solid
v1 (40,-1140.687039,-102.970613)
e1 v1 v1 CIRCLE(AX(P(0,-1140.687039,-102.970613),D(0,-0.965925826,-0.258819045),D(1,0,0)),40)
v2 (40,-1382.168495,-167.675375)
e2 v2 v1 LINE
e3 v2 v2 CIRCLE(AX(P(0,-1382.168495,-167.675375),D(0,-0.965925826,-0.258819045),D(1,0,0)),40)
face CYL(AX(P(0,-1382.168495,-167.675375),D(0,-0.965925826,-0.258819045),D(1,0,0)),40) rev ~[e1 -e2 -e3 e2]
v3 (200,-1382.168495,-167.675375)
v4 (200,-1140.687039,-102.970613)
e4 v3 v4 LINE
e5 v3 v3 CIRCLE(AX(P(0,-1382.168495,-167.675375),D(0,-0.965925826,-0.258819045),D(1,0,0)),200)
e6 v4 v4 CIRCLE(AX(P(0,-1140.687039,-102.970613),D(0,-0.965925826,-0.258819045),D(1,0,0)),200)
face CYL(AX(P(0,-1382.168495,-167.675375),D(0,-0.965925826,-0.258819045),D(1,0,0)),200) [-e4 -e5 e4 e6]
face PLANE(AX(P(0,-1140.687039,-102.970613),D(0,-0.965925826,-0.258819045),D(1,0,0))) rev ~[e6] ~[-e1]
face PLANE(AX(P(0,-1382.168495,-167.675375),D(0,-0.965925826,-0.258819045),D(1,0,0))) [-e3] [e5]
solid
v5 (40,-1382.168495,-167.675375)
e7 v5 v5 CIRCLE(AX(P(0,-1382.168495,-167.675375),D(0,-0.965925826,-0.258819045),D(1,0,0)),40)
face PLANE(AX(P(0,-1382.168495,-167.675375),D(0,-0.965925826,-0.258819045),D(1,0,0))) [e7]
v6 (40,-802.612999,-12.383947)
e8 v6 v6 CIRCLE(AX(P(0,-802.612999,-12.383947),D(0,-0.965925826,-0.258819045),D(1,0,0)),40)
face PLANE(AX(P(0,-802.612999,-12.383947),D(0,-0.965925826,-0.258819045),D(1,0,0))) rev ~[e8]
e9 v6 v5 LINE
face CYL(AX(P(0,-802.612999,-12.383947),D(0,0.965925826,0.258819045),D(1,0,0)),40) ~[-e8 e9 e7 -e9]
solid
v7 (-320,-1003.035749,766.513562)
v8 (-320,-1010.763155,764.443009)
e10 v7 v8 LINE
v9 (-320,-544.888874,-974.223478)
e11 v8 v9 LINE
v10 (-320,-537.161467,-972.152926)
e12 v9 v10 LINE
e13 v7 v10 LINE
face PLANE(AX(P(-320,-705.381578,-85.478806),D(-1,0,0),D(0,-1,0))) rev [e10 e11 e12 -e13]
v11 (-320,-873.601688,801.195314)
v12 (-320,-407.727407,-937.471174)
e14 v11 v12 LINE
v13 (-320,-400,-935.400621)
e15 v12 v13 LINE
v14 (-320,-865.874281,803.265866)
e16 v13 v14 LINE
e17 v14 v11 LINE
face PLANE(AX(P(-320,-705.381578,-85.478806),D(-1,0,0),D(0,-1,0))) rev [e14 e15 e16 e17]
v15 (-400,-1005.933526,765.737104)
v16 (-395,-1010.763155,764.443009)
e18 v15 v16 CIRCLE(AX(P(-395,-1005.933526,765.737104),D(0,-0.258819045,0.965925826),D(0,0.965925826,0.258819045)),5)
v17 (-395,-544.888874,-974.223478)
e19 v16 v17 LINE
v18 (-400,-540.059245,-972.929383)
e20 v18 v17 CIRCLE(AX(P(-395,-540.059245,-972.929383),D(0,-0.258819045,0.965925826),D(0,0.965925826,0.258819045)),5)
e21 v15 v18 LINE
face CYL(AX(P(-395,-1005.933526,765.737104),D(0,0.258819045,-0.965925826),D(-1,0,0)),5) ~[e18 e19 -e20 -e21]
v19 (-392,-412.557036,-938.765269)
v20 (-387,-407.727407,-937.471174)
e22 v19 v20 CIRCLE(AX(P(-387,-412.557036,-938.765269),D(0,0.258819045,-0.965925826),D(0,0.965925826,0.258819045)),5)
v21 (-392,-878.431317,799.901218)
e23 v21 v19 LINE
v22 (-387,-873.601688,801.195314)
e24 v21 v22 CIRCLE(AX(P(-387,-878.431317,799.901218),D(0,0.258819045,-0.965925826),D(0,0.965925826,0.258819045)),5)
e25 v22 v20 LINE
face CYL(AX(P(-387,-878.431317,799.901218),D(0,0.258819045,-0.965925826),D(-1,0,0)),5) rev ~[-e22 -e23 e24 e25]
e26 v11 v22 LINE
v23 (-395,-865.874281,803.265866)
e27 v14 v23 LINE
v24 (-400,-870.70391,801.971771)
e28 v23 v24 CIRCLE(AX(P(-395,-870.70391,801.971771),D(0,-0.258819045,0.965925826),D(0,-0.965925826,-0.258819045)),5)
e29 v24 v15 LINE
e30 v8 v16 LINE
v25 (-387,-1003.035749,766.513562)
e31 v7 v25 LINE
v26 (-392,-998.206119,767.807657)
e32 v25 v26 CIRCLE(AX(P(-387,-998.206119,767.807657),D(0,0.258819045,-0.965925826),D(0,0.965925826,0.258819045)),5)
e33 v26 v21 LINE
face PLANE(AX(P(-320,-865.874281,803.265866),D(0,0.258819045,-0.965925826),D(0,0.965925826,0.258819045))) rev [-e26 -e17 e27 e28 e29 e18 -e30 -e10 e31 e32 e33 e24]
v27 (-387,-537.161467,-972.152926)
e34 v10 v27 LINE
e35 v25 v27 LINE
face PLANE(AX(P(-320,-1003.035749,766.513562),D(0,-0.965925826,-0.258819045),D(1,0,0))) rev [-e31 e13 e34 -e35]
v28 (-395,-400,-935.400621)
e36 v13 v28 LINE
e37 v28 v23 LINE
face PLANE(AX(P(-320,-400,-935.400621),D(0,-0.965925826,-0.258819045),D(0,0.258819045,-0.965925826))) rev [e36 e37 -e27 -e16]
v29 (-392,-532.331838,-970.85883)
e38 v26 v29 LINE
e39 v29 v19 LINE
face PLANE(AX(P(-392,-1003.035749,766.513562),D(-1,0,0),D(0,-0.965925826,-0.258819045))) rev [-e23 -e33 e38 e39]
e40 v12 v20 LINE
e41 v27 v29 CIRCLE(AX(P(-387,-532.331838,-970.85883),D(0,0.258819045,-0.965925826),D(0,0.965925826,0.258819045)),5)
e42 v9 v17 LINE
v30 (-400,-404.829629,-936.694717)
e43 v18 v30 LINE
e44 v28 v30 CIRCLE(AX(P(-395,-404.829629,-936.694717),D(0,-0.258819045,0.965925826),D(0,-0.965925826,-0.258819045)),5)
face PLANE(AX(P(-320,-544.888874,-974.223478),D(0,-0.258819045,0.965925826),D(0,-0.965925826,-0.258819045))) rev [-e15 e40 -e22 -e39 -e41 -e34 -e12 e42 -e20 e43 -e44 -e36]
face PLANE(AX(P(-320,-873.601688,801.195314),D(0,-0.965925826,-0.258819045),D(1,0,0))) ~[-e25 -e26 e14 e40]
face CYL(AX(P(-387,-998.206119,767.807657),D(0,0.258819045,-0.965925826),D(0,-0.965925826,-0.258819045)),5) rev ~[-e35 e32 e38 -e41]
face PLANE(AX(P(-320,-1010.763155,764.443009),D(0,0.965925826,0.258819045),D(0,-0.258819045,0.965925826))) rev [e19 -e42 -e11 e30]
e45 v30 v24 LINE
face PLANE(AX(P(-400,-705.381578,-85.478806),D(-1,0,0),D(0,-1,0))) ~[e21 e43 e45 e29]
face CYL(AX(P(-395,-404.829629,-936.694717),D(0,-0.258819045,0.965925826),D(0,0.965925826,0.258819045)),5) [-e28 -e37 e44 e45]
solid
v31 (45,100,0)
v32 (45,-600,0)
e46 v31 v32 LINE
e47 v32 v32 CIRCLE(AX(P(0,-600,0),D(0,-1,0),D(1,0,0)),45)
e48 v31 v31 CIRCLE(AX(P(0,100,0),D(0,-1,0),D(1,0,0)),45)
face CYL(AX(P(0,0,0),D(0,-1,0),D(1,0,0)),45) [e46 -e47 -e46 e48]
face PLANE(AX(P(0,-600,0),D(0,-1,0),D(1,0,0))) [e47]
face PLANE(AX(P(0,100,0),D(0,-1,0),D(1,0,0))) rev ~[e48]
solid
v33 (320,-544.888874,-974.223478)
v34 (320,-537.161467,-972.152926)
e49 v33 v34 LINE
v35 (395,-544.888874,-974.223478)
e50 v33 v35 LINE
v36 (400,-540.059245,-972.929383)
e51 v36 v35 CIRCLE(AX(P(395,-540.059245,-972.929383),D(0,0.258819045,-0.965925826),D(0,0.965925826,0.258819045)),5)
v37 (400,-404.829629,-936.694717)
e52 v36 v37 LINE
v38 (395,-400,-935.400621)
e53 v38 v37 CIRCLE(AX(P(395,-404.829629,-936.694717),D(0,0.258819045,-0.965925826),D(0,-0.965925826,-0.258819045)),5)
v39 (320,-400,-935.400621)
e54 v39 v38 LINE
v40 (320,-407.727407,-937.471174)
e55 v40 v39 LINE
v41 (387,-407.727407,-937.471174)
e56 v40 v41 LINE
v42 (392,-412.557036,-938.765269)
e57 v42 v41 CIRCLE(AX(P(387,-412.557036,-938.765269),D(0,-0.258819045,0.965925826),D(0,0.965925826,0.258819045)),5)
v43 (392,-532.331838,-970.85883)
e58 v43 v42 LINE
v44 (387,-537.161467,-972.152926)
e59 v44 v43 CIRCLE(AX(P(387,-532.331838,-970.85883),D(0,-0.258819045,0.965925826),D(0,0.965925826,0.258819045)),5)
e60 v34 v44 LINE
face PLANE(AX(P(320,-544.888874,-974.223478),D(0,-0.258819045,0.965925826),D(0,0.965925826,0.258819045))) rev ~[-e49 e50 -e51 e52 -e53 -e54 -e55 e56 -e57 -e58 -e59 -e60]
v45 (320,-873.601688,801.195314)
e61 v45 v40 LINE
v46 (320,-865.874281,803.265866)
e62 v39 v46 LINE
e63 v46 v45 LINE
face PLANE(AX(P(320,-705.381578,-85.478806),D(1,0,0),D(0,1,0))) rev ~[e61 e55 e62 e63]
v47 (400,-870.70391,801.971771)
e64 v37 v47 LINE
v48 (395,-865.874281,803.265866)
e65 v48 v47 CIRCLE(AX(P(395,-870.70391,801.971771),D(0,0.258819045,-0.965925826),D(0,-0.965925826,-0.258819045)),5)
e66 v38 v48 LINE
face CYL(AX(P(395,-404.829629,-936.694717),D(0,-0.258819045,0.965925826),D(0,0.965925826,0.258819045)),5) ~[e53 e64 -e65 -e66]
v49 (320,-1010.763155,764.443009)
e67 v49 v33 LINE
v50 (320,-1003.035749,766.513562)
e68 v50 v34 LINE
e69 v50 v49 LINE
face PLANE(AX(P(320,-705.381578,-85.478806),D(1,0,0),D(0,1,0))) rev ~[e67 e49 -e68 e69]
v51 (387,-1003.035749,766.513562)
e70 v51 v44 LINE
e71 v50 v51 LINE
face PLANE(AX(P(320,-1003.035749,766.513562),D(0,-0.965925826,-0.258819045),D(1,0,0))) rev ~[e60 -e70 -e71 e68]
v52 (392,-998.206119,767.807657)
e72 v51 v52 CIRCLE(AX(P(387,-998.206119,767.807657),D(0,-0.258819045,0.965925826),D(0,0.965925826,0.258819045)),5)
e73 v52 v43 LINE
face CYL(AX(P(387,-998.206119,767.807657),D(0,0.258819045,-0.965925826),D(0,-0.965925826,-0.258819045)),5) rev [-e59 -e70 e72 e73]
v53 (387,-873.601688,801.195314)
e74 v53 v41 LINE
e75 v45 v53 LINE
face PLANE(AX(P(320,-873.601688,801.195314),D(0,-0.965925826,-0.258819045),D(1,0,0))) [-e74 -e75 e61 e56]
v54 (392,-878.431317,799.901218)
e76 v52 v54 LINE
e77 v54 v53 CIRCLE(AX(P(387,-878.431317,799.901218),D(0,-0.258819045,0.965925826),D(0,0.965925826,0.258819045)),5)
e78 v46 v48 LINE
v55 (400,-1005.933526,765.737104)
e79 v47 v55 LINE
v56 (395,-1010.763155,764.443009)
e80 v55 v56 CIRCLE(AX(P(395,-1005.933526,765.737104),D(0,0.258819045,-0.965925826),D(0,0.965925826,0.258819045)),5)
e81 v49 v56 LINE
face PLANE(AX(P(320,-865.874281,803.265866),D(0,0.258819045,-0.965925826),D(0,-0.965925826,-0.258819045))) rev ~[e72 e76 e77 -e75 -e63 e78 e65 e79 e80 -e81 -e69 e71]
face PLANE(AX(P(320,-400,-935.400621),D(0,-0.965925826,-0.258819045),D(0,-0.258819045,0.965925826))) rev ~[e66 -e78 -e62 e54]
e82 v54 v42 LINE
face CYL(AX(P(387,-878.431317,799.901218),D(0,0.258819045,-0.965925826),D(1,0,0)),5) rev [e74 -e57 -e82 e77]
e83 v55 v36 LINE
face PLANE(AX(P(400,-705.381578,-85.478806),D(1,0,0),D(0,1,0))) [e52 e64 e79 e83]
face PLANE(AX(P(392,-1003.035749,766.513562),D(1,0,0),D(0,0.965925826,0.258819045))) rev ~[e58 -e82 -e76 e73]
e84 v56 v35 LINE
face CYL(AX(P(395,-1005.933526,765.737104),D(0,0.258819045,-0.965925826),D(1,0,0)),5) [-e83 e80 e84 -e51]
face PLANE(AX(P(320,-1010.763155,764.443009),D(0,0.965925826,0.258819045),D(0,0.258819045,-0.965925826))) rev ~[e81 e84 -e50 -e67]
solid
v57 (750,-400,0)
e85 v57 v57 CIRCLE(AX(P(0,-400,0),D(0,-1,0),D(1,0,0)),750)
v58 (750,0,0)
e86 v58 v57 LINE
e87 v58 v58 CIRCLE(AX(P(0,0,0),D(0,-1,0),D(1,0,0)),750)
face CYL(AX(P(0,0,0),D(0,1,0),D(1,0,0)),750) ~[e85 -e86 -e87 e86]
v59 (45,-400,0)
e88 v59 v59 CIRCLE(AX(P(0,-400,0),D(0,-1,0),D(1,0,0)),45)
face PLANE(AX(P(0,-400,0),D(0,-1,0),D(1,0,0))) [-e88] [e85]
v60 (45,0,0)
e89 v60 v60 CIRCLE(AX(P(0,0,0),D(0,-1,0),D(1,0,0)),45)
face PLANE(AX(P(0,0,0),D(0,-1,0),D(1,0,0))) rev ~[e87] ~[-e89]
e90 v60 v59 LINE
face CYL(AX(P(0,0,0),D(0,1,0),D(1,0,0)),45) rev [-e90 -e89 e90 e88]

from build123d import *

# Parameters (mm, degrees)
F0_R          = 750
F0_R_2        = 45
F1_DEPTH      = 400
F2_DEPTH      = 600
F2_DEPTH_BACK = 100
F4_START      = 320
F4_DEPTH      = 80
F5_W          = 72
F5_H          = 134
F6_DEPTH      = 1966.9105225513
F7_R          = 5
F10_R         = 40
F11_DEPTH     = 600
F12_R         = 200
F12_R_2       = 40
F13_DEPTH     = 250


with BuildPart() as f1:
    # F0 (on Front) → F1 (new body)
    with BuildSketch(Plane.XZ):
        Circle(F0_R)
        Circle(F0_R_2, mode=Mode.SUBTRACT)
    extrude(amount=F1_DEPTH)


with BuildPart() as f2:
    # F0 (on Front) → F2 (new body, two sides)
    with BuildSketch(Plane.XZ) as f2_sk:
        Circle(F0_R_2)
    extrude(amount=F2_DEPTH)
    extrude(f2_sk.sketch, amount=-F2_DEPTH_BACK)


with BuildPart() as f4:
    # F3 (on Right) → F4 (new body)
    with BuildSketch(Plane.YZ.offset(F4_START)):
        Polygon((-544.8888739434, -974.2234780659), (-400, -935.4006213005), (-865.8742811845, 803.2658660198), (-1010.7631551279, 764.4430092544), align=None)
    extrude(amount=F4_DEPTH)

    # F5 (on face) → F6 (cut, through all)
    with BuildSketch(Plane(origin=(0, -258.8190451025, 965.9258262891), x_dir=(1, 0, 0), z_dir=(0, -0.2588190451, 0.9659258263))):
        with Locations((356, -703.4698261089)):
            Rectangle(F5_W, F5_H)
    extrude(amount=-F6_DEPTH, mode=Mode.SUBTRACT)

    # F7
    f7_edges = [f4.edges().sort_by_distance(p)[0] for p in [
        (392, -770.098608, -102.819682),
        (392, -640.664547, -68.13793),
        (400, -777.826015, -104.890234),
        (400, -632.937141, -66.067378),
    ]]
    fillet(f7_edges, radius=F7_R)


with BuildPart() as f8_1:
    # F8: instance of F4
    add(f4.part.mirror(Plane.YZ))


with BuildPart() as f11:
    # F10 (on face) → F11 (new body)
    with BuildSketch(Plane(origin=(0, -751.9441100254, -201.4828170346), x_dir=(1, 0, 0), z_dir=(0, -0.9659258263, -0.2588190451))):
        with Locations((0, 195.7695554011)):
            Circle(F10_R)
    extrude(amount=F11_DEPTH)


with BuildPart() as f13:
    # F12 (on face) → F13 (new body)
    with BuildSketch(Plane(origin=(0, -1331.4996057988, -356.7742440962), x_dir=(1, 0, 0), z_dir=(0, -0.9659258263, -0.2588190451))):
        with Locations((0, 195.7695554011)):
            Circle(F12_R)
        with Locations((0, 195.7695554011)):
            Circle(F12_R_2, mode=Mode.SUBTRACT)
    extrude(amount=-F13_DEPTH)


solid = Compound([f1.part, f2.part, f4.part, f8_1.part, f11.part, f13.part])
